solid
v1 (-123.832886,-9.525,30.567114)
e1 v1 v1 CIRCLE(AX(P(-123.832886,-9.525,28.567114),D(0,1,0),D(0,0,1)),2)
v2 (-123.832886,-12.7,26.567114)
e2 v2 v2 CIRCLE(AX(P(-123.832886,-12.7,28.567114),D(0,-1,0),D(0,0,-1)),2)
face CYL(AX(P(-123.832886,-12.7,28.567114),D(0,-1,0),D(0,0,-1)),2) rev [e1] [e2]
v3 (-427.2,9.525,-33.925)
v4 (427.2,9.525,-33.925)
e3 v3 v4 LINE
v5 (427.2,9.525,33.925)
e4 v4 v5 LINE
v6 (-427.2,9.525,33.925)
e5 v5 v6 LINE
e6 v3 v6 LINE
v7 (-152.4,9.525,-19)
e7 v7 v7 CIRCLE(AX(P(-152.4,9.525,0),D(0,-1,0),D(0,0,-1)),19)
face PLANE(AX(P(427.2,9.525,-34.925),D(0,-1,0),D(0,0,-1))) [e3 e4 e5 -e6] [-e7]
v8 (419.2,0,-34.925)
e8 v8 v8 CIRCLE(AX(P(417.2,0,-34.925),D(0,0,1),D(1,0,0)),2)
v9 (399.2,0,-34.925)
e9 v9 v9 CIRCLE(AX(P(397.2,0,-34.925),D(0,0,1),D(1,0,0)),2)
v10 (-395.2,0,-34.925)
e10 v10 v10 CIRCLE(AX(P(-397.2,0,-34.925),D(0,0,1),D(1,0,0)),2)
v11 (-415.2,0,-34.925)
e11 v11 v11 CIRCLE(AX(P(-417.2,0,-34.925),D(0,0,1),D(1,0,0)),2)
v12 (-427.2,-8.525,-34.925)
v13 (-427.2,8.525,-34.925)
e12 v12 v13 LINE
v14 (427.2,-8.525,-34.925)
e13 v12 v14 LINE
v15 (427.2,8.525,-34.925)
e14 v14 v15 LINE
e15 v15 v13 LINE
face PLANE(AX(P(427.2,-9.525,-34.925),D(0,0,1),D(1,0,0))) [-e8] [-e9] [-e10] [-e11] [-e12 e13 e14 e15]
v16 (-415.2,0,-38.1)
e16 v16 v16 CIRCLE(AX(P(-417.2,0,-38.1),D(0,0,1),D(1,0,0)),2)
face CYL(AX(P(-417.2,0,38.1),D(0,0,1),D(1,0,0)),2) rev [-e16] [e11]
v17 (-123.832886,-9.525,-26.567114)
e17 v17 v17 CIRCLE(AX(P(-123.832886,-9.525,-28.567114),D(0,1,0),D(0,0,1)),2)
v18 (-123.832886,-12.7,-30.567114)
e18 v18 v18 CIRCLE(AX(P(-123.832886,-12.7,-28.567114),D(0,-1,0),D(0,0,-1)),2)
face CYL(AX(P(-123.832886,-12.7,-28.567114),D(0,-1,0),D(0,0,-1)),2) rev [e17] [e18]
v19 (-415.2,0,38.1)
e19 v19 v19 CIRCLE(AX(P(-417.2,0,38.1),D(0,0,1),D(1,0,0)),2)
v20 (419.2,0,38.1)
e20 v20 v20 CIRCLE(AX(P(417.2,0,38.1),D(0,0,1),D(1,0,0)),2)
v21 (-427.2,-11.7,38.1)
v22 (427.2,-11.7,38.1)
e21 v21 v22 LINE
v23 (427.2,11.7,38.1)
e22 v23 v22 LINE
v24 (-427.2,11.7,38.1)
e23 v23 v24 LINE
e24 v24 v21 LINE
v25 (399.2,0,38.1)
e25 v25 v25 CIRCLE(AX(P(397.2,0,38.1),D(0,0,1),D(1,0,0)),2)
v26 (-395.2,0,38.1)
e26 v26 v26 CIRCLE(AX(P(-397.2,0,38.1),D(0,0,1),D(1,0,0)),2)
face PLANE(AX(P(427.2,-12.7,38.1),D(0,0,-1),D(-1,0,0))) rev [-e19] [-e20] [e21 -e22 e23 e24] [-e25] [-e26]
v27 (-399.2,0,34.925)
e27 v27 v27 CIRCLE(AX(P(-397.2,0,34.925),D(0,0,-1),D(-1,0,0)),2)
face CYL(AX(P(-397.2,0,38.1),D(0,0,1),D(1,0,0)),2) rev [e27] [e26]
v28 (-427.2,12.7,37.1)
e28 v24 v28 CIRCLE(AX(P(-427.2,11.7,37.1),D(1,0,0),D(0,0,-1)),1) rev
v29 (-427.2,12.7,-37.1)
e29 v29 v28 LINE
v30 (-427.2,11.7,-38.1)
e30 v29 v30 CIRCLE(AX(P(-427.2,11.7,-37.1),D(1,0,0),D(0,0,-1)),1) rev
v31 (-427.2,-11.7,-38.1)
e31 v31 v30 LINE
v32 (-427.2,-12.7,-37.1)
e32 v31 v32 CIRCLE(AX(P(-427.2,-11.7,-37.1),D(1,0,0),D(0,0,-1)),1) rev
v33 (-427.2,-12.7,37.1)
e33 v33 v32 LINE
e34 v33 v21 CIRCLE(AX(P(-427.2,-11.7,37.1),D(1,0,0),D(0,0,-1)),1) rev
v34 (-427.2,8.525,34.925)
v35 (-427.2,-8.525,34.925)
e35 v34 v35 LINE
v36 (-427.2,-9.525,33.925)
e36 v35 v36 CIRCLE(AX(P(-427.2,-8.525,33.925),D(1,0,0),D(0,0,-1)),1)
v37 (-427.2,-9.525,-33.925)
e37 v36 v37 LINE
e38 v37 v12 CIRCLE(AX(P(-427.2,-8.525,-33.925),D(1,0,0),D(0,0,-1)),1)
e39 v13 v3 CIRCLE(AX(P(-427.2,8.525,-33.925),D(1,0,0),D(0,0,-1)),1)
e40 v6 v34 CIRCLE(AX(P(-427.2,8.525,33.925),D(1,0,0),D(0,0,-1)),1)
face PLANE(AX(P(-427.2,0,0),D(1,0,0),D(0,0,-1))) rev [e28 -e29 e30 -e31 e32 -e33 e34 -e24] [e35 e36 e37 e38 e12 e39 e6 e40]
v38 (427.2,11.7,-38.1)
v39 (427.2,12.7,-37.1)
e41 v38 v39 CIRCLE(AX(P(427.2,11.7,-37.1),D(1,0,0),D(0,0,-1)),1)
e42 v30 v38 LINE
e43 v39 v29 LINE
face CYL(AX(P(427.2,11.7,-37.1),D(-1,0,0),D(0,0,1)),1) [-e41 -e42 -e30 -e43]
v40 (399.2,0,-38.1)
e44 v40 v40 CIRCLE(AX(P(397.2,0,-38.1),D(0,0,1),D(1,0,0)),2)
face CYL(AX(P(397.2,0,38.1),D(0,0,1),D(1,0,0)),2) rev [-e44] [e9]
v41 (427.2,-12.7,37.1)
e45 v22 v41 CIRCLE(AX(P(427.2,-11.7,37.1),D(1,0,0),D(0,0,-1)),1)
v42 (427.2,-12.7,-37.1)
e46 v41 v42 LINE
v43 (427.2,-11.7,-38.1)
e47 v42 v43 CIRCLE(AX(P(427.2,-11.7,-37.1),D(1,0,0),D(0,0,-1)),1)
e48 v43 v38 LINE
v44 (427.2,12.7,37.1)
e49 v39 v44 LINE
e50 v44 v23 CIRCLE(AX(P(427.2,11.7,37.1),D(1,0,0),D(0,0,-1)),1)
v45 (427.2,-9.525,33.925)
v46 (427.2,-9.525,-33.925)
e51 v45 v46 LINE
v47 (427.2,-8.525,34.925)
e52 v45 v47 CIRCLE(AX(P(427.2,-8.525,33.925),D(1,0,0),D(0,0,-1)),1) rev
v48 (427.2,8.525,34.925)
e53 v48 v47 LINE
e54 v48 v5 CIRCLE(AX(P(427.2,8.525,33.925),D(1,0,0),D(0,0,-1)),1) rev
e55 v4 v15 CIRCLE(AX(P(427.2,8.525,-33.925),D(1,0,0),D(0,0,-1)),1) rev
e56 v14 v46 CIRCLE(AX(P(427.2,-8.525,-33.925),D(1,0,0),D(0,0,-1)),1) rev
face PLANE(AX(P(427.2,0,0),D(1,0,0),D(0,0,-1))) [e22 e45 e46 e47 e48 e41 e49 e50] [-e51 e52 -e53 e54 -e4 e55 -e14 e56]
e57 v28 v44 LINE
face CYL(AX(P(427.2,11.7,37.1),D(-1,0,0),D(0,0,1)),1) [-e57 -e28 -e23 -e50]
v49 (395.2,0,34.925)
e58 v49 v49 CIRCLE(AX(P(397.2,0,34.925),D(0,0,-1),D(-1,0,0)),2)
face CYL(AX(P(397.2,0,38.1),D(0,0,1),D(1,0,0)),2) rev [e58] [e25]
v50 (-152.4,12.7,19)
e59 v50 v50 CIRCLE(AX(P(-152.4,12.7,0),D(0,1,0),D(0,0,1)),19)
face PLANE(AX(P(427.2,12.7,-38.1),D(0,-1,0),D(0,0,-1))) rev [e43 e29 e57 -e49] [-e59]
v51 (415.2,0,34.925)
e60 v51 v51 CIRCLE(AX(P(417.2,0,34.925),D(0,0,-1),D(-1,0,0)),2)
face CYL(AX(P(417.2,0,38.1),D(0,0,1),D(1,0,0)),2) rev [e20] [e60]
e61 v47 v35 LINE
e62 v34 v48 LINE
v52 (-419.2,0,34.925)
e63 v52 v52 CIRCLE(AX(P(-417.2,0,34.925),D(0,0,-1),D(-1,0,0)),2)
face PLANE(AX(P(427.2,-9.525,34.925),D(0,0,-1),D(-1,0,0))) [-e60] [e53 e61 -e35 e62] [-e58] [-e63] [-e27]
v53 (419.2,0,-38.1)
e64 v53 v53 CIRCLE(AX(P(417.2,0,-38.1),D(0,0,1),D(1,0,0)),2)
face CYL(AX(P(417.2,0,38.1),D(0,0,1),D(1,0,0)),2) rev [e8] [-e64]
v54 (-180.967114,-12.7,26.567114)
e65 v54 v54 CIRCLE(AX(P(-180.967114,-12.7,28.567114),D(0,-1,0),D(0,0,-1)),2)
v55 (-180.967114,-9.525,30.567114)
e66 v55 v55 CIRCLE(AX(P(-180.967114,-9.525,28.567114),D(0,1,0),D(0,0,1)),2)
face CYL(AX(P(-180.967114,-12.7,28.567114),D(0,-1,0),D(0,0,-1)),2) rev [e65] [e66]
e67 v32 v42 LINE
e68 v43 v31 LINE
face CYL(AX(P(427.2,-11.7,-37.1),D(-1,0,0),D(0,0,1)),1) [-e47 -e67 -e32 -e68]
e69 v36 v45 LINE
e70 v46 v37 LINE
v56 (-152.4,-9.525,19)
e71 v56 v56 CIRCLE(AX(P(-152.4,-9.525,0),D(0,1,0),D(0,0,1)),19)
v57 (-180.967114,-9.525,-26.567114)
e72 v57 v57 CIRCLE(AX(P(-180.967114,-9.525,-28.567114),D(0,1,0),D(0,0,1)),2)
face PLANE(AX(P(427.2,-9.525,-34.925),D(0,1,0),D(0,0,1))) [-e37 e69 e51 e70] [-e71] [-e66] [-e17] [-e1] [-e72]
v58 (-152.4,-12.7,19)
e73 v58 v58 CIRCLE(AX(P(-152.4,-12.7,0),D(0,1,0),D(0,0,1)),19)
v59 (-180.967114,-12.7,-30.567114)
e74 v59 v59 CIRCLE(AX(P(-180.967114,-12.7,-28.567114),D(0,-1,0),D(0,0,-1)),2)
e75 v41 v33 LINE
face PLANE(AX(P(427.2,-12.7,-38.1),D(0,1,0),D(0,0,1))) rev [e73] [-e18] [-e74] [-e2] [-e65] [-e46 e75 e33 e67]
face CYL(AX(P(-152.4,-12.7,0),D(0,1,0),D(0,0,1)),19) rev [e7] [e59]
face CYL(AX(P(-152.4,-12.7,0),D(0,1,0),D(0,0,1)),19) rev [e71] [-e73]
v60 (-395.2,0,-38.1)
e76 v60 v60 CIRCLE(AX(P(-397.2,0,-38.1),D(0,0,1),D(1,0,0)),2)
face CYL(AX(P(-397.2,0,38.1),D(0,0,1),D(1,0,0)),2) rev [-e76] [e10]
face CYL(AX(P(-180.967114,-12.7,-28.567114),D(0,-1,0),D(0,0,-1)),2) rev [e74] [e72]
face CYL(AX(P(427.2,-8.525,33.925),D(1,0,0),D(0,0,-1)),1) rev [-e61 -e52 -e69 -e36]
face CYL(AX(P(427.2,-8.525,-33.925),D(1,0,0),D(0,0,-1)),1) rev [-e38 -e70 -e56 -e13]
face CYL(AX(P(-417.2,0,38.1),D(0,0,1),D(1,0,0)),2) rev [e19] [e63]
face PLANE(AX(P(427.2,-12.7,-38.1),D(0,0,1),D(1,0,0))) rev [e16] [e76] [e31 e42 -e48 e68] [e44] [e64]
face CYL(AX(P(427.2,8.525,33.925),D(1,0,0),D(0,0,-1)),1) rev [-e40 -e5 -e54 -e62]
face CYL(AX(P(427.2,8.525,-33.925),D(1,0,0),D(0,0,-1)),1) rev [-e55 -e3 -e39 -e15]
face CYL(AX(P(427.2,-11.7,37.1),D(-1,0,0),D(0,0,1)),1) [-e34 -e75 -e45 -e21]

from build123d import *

# Parameters (mm, degrees)
SKETCH1_W                 = 76.2
SKETCH1_H                 = 25.4
SKETCH1_W_2               = 69.85
SKETCH1_H_2               = 19.05
BOSS_EXTRUDE1_DEPTH       = 427.2
FILLET1_R                 = 1
SKETCH2_R                 = 19
CUT_EXTRUDE1_DEPTH        = 430.647076099
F_4_0MM_DOWEL_HOLE1_D     = 4
F_4_0MM_DOWEL_HOLE2_D     = 4
F_4_0MM_DOWEL_HOLE2_DEPTH = 3.175


with BuildPart() as part:
    # Sketch1 → Boss-Extrude1 (new, symmetric)
    with BuildSketch(Plane(origin=(0, 0, 0), x_dir=(0, 0, -1), z_dir=(1, 0, 0))):
        Rectangle(SKETCH1_W, SKETCH1_H)
        Rectangle(SKETCH1_W_2, SKETCH1_H_2, mode=Mode.SUBTRACT)
    extrude(amount=BOSS_EXTRUDE1_DEPTH, both=True)

    # Fillet1
    fillet1_edges = [part.edges().sort_by_distance(p)[0] for p in [
        (0, 9.525, 34.925),
        (0, -9.525, 34.925),
        (0, -9.525, -34.925),
        (0, 9.525, -34.925),
        (0, 12.7, 38.1),
        (0, 12.7, -38.1),
        (0, -12.7, -38.1),
        (0, -12.7, 38.1),
    ]]
    fillet(fillet1_edges, radius=FILLET1_R)

    # Sketch2 → Cut-Extrude1 (cut, through all)
    with BuildSketch(Plane(origin=(0, 12.7, 0), x_dir=(1, 0, 0), z_dir=(0, 1, 0))):
        with Locations(Location((-152.4, 0, 0), (0, 0, 270))):
            Circle(SKETCH2_R)
    extrude(amount=-CUT_EXTRUDE1_DEPTH, mode=Mode.SUBTRACT)

    # Ø4.0mm Dowel Hole1 (through all)
    with Locations(Plane.XY.offset(38.1)):
        with Locations((-417.2, 0), (-397.2, 0)):
            f_4_0mm_dowel_hole1 = Hole(F_4_0MM_DOWEL_HOLE1_D / 2)

    # Mirror1: Ø4.0mm Dowel Hole1 across plane
    add(f_4_0mm_dowel_hole1.mirror(Plane(origin=(0, 0, 0), x_dir=(0, 0, 1), z_dir=(1, 0, 0))), mode=Mode.SUBTRACT)

    # Ø4.0mm Dowel Hole2
    with Locations(Plane(origin=(0, -12.7, 0), x_dir=(-1, 0, 0), z_dir=(0, -1, 0))):
        with Locations((180.96711396, -28.56711396), (180.96711396, 28.56711396), (123.83288604, 28.56711396), (123.83288604, -28.56711396)):
            Hole(F_4_0MM_DOWEL_HOLE2_D / 2, depth=F_4_0MM_DOWEL_HOLE2_DEPTH)


solid = part.part
